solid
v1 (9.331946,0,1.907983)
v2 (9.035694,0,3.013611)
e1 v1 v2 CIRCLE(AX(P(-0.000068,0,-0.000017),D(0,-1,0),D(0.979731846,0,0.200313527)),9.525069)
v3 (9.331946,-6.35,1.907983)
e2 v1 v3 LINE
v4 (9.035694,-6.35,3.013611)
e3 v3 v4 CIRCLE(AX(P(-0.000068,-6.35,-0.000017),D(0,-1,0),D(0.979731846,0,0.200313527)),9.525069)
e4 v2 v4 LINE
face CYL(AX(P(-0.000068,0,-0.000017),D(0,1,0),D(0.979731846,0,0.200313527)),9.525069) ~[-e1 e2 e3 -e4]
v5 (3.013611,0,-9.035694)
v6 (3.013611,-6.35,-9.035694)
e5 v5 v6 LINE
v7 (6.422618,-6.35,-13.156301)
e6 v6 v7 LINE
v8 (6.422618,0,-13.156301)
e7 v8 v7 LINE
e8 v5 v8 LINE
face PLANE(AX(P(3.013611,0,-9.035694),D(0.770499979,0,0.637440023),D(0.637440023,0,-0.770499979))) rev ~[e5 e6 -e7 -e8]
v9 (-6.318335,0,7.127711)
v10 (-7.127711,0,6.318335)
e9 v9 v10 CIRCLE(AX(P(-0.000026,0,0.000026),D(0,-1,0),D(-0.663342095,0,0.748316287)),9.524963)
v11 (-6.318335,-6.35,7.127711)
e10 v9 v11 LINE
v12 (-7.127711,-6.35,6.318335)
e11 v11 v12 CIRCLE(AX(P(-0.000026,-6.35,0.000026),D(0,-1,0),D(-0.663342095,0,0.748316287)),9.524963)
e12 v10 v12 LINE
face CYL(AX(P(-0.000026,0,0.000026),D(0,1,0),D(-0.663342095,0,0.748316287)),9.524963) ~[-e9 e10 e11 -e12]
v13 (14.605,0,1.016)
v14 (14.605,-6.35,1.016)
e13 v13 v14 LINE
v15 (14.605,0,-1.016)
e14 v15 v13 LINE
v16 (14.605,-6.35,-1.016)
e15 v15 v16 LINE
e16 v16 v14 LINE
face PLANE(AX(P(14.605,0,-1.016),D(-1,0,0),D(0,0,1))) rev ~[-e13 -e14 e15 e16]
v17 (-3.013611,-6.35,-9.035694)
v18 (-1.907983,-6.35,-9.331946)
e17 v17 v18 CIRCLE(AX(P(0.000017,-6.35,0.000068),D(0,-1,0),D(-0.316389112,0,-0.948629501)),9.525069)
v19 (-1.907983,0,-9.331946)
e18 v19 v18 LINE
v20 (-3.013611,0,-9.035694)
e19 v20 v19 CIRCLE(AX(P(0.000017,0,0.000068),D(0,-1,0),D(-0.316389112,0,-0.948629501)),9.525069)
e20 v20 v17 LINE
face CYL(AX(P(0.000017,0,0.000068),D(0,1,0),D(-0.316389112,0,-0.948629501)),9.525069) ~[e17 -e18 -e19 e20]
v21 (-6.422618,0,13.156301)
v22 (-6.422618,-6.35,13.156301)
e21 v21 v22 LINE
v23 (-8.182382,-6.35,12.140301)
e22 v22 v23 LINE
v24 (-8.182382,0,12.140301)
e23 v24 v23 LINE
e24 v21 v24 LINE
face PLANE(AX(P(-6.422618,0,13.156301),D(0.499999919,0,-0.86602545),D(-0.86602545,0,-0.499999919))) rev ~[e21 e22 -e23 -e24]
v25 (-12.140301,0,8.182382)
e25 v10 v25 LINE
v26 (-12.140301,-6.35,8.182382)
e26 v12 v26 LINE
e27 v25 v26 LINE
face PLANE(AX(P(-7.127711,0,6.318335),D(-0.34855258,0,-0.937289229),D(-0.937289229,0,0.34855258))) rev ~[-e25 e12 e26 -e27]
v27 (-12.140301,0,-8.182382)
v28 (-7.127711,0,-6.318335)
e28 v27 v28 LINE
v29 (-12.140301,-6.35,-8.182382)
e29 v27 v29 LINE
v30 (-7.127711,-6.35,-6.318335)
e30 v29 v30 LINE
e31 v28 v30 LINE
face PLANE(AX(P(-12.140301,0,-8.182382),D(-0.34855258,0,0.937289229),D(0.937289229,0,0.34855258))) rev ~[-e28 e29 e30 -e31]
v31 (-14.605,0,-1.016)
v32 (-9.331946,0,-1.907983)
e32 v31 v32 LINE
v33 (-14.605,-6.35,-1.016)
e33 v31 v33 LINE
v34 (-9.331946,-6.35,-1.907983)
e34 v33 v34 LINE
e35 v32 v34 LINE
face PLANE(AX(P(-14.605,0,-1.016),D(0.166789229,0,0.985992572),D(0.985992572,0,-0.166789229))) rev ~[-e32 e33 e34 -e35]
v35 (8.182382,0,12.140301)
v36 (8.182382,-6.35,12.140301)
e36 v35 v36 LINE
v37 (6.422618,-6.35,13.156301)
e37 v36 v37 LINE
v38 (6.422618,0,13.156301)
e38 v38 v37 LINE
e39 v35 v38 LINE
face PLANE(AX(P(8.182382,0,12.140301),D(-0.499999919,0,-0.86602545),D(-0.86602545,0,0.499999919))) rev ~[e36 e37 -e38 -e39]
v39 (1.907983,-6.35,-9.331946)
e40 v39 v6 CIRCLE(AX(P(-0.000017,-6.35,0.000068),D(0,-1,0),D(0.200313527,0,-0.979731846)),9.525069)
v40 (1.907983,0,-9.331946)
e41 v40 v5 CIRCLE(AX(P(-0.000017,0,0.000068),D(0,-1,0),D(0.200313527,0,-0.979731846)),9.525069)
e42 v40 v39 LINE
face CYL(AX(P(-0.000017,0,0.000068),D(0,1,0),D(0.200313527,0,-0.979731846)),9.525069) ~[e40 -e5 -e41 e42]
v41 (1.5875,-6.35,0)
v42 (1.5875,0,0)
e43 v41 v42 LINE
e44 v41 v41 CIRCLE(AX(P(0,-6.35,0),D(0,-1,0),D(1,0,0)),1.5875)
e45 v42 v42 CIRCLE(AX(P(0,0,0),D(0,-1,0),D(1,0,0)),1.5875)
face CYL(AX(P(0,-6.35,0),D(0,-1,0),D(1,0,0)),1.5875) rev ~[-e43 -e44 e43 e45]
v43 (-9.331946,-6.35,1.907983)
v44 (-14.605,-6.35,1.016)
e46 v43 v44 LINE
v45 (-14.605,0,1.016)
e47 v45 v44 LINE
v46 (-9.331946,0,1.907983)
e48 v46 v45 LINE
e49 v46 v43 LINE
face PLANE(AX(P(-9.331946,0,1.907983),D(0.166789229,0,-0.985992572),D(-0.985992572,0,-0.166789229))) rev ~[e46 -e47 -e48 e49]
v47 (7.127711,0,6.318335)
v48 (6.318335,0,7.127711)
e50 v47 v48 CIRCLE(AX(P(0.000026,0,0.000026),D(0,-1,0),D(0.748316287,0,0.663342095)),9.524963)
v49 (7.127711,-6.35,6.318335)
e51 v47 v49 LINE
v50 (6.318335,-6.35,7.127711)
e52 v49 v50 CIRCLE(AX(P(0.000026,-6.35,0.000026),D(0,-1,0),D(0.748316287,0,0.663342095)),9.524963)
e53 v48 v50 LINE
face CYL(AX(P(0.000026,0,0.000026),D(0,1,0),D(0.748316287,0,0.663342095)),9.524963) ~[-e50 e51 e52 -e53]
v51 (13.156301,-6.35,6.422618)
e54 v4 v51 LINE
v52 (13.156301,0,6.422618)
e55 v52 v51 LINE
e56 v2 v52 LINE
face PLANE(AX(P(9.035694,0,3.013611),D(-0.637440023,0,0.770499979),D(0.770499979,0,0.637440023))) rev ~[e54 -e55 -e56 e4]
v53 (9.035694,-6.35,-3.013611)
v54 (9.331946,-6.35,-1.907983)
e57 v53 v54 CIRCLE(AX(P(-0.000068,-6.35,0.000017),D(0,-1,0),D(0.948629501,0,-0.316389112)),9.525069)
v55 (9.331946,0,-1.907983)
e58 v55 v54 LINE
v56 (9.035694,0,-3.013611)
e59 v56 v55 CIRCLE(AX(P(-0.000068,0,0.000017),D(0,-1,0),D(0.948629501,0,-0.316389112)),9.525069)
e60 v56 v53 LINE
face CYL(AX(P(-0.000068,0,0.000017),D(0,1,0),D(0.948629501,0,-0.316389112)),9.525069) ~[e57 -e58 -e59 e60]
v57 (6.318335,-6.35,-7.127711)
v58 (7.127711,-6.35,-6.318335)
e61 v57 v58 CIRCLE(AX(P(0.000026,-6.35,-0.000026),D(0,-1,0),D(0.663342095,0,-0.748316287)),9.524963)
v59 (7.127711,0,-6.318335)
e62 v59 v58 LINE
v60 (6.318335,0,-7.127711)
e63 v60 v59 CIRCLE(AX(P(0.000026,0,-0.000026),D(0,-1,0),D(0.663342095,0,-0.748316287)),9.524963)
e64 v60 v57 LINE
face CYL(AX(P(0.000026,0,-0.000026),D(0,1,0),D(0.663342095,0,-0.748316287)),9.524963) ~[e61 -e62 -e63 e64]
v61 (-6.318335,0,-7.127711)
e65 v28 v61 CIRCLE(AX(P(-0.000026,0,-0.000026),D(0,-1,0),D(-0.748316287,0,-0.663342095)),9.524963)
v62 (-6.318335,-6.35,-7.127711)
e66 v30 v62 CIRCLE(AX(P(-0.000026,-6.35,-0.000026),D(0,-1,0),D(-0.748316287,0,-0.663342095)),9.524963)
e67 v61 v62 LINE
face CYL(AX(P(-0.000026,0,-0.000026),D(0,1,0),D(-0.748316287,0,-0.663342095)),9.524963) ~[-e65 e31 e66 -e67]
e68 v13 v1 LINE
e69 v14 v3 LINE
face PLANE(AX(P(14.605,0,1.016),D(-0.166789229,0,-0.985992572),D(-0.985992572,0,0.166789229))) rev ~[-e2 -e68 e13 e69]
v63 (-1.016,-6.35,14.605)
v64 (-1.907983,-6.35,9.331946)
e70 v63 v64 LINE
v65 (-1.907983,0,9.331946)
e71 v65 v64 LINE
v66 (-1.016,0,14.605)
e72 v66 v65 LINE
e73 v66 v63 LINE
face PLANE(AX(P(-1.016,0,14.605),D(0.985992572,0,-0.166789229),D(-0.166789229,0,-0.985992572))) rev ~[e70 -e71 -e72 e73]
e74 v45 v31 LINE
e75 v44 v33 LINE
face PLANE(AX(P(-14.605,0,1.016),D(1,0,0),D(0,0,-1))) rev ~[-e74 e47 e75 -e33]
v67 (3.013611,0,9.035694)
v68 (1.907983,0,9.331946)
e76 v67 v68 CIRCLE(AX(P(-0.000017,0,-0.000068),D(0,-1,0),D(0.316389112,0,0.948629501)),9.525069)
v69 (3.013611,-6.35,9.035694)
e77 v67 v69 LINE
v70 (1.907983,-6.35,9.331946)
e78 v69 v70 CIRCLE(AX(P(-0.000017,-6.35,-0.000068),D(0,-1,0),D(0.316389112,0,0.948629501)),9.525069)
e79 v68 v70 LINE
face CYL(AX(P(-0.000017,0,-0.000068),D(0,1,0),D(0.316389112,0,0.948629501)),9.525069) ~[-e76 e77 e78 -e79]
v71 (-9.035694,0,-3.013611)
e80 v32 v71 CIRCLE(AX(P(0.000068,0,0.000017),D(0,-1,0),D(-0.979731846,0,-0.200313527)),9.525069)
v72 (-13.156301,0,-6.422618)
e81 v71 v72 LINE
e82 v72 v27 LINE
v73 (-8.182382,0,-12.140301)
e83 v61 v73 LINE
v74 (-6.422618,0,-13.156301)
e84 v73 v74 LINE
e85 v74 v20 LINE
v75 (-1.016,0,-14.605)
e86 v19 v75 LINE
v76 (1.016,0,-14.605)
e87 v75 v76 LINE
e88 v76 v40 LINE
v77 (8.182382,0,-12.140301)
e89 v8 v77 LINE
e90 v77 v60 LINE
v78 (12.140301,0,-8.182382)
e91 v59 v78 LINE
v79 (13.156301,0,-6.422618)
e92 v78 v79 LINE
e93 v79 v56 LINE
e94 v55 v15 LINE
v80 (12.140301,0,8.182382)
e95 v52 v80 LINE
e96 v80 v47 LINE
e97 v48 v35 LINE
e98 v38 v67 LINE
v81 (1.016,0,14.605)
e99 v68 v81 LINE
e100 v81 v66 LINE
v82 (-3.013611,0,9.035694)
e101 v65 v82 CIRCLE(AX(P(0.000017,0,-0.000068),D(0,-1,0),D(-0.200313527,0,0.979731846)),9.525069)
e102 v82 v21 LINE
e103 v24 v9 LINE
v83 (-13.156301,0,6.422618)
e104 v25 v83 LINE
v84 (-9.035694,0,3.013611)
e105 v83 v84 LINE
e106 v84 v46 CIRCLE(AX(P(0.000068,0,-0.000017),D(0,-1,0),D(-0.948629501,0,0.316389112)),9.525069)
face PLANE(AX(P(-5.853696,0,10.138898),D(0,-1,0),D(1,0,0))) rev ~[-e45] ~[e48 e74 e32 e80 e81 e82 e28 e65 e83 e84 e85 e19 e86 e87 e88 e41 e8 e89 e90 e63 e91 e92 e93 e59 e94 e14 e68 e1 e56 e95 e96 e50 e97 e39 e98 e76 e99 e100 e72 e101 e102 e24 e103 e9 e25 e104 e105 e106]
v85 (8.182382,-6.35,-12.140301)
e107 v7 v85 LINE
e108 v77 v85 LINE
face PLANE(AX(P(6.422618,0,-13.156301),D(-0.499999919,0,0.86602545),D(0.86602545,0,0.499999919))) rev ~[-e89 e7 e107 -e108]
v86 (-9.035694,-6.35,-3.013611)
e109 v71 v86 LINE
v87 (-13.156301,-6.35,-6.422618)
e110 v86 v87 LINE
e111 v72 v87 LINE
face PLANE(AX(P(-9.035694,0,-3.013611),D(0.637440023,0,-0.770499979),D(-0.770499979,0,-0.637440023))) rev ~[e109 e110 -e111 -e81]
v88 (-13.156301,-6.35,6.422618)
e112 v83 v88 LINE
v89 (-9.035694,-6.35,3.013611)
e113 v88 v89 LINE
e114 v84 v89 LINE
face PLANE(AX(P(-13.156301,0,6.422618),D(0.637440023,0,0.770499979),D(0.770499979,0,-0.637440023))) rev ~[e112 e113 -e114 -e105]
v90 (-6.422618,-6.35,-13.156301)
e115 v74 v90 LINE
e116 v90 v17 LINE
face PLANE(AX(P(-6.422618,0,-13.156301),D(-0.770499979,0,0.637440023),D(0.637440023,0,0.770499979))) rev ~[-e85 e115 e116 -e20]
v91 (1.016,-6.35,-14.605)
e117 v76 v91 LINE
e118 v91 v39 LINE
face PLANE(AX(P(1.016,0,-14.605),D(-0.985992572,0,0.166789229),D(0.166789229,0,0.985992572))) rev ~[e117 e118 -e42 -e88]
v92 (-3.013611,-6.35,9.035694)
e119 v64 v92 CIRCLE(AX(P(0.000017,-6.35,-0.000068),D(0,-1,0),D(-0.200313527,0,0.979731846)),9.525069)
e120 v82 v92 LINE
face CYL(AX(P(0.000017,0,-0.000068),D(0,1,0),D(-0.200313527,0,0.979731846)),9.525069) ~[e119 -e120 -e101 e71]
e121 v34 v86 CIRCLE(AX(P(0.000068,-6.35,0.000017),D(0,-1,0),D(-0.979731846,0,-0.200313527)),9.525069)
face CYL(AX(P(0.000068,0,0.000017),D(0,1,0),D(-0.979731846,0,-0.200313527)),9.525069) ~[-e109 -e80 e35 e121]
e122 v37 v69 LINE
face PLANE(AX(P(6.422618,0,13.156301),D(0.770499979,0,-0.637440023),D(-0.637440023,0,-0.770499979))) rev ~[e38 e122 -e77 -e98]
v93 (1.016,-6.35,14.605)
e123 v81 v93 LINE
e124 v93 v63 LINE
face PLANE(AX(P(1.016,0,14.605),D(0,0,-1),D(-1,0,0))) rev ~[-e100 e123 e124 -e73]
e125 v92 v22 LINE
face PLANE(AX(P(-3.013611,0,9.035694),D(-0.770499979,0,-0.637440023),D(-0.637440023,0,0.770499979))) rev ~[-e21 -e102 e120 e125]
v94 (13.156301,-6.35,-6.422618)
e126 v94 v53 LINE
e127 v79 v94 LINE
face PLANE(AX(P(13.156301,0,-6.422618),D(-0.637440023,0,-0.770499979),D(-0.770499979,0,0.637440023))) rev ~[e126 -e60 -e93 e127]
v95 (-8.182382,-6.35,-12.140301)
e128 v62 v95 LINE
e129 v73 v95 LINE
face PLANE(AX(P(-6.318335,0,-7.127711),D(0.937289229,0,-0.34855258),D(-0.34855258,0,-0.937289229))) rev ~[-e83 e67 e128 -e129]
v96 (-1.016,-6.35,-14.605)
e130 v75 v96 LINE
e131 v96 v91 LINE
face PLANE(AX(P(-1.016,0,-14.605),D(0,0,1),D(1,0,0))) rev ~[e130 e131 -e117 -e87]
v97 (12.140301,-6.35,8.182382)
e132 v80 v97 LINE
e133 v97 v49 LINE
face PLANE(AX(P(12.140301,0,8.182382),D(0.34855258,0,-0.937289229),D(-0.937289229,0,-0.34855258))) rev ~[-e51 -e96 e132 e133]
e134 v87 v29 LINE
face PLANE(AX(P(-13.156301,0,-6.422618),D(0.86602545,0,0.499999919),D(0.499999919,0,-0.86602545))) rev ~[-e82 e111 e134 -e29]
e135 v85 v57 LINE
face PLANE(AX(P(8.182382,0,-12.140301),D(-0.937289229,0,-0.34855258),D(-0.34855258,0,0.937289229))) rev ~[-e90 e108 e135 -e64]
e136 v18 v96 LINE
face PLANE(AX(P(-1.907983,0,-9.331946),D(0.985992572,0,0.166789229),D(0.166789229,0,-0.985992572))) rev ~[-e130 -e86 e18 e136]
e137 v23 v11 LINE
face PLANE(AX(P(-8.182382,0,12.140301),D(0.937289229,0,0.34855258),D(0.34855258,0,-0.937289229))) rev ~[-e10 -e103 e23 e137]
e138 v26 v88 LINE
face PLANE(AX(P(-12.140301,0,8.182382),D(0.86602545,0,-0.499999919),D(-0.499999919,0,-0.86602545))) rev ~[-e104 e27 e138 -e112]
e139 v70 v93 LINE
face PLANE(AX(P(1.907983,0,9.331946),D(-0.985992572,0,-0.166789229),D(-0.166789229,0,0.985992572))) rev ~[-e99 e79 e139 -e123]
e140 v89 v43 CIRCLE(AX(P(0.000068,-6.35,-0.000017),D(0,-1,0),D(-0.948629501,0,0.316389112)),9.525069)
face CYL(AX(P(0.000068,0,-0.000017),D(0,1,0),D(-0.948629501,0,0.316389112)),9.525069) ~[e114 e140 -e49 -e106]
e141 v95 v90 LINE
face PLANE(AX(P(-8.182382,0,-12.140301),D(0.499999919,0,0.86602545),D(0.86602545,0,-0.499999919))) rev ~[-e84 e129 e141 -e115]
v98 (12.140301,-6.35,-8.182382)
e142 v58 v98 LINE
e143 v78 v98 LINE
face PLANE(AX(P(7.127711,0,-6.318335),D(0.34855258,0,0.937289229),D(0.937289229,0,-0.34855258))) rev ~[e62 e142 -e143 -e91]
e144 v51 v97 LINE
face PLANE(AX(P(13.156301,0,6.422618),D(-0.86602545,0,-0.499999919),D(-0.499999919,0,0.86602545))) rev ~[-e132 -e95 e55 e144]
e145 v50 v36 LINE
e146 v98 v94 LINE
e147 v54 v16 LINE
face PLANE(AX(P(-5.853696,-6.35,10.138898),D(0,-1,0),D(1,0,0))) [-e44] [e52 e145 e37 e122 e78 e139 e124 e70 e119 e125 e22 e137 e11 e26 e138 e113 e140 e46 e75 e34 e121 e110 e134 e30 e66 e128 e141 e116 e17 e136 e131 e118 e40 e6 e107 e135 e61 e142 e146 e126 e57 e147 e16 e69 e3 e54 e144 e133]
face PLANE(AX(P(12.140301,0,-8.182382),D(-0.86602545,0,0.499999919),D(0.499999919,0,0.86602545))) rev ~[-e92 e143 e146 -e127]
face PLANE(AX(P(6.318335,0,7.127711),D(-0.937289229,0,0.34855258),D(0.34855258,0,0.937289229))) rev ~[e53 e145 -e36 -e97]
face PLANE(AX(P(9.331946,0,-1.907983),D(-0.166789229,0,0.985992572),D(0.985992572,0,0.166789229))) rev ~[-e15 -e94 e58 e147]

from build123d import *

# Parameters (mm, degrees)
F1_DEPTH = 6.35
F2_R     = 1.5875
F3_DEPTH = 6.35


with BuildPart() as f1:
    # F0 (on Front) → F1 (new body)
    with BuildSketch(Plane.XZ):
        with BuildLine():
            ThreePointArc((-6.318335, 7.127711), (-4.7625, 8.248892), (-3.013611, 9.035694))
            Line((-3.013611, 9.035694), (-6.422618, 13.156301))
            Line((-6.422618, 13.156301), (-7.3025, 12.648301))
            Line((-7.3025, 12.648301), (-8.182382, 12.140301))
            Line((-8.182382, 12.140301), (-6.318335, 7.127711))
        make_face()
        with BuildLine():
            ThreePointArc((-9.035694, 3.013611), (-8.248892, 4.7625), (-7.127711, 6.318335))
            Line((-7.127711, 6.318335), (-12.140301, 8.182382))
            Line((-12.140301, 8.182382), (-12.648301, 7.3025))
            Line((-12.648301, 7.3025), (-13.156301, 6.422618))
            Line((-13.156301, 6.422618), (-9.035694, 3.013611))
        make_face()
        with BuildLine():
            Line((-14.605, -1.016), (-9.331946, -1.907983))
            ThreePointArc((-9.331946, -1.907983), (-9.525, 0), (-9.331946, 1.907983))
            Line((-9.331946, 1.907983), (-14.605, 1.016))
            Line((-14.605, 1.016), (-14.605, 0))
            Line((-14.605, 0), (-14.605, -1.016))
        make_face()
        with BuildLine():
            Line((-6.422618, -13.156301), (-3.013611, -9.035694))
            ThreePointArc((-3.013611, -9.035694), (-4.7625, -8.248892), (-6.318335, -7.127711))
            Line((-6.318335, -7.127711), (-8.182382, -12.140301))
            Line((-8.182382, -12.140301), (-7.3025, -12.648301))
            Line((-7.3025, -12.648301), (-6.422618, -13.156301))
        make_face()
        with BuildLine():
            Line((-12.140301, -8.182382), (-7.127711, -6.318335))
            ThreePointArc((-7.127711, -6.318335), (-8.248892, -4.7625), (-9.035694, -3.013611))
            Line((-9.035694, -3.013611), (-13.156301, -6.422618))
            Line((-13.156301, -6.422618), (-12.648301, -7.3025))
            Line((-12.648301, -7.3025), (-12.140301, -8.182382))
        make_face()
        with BuildLine():
            ThreePointArc((9.331946, -1.907983), (9.476614, -0.958863), (9.525, 0))
            ThreePointArc((9.525, 0), (9.476614, 0.958863), (9.331946, 1.907983))
            ThreePointArc((9.331946, 1.907983), (9.200443, 2.465251), (9.035694, 3.013611))
            ThreePointArc((9.035694, 3.013611), (8.248892, 4.7625), (7.127711, 6.318335))
            ThreePointArc((7.127711, 6.318335), (6.735192, 6.735192), (6.318335, 7.127711))
            ThreePointArc((6.318335, 7.127711), (4.7625, 8.248892), (3.013611, 9.035694))
            ThreePointArc((3.013611, 9.035694), (2.465251, 9.200443), (1.907983, 9.331946))
            ThreePointArc((1.907983, 9.331946), (0.958863, 9.476614), (0, 9.525))
            ThreePointArc((0, 9.525), (-0.958863, 9.476614), (-1.907983, 9.331946))
            ThreePointArc((-1.907983, 9.331946), (-2.465251, 9.200443), (-3.013611, 9.035694))
            ThreePointArc((-3.013611, 9.035694), (-4.7625, 8.248892), (-6.318335, 7.127711))
            ThreePointArc((-6.318335, 7.127711), (-6.735192, 6.735192), (-7.127711, 6.318335))
            ThreePointArc((-7.127711, 6.318335), (-8.248892, 4.7625), (-9.035694, 3.013611))
            ThreePointArc((-9.035694, 3.013611), (-9.200443, 2.465251), (-9.331946, 1.907983))
            ThreePointArc((-9.331946, 1.907983), (-9.525, 0), (-9.331946, -1.907983))
            ThreePointArc((-9.331946, -1.907983), (-9.200443, -2.465251), (-9.035694, -3.013611))
            ThreePointArc((-9.035694, -3.013611), (-8.248892, -4.7625), (-7.127711, -6.318335))
            ThreePointArc((-7.127711, -6.318335), (-6.735192, -6.735192), (-6.318335, -7.127711))
            ThreePointArc((-6.318335, -7.127711), (-4.7625, -8.248892), (-3.013611, -9.035694))
            ThreePointArc((-3.013611, -9.035694), (-2.465251, -9.200443), (-1.907983, -9.331946))
            ThreePointArc((-1.907983, -9.331946), (0, -9.525), (1.907983, -9.331946))
            ThreePointArc((1.907983, -9.331946), (2.465251, -9.200443), (3.013611, -9.035694))
            ThreePointArc((3.013611, -9.035694), (4.7625, -8.248892), (6.318335, -7.127711))
            ThreePointArc((6.318335, -7.127711), (6.735192, -6.735192), (7.127711, -6.318335))
            ThreePointArc((7.127711, -6.318335), (8.248892, -4.7625), (9.035694, -3.013611))
            ThreePointArc((9.035694, -3.013611), (9.200443, -2.465251), (9.331946, -1.907983))
        make_face()
        with BuildLine():
            Line((1.016, -14.605), (1.907983, -9.331946))
            ThreePointArc((1.907983, -9.331946), (0, -9.525), (-1.907983, -9.331946))
            Line((-1.907983, -9.331946), (-1.016, -14.605))
            Line((-1.016, -14.605), (0, -14.605))
            Line((0, -14.605), (1.016, -14.605))
        make_face()
        with BuildLine():
            Line((8.182382, -12.140301), (6.318335, -7.127711))
            ThreePointArc((6.318335, -7.127711), (4.7625, -8.248892), (3.013611, -9.035694))
            Line((3.013611, -9.035694), (6.422618, -13.156301))
            Line((6.422618, -13.156301), (7.3025, -12.648301))
            Line((7.3025, -12.648301), (8.182382, -12.140301))
        make_face()
        with BuildLine():
            Line((13.156301, -6.422618), (9.035694, -3.013611))
            ThreePointArc((9.035694, -3.013611), (8.248892, -4.7625), (7.127711, -6.318335))
            Line((7.127711, -6.318335), (12.140301, -8.182382))
            Line((12.140301, -8.182382), (12.648301, -7.3025))
            Line((12.648301, -7.3025), (13.156301, -6.422618))
        make_face()
        with BuildLine():
            ThreePointArc((9.331946, 1.907983), (9.476614, 0.958863), (9.525, 0))
            ThreePointArc((9.525, 0), (9.476614, -0.958863), (9.331946, -1.907983))
            Line((9.331946, -1.907983), (14.605, -1.016))
            Line((14.605, -1.016), (14.605, 0))
            Line((14.605, 0), (14.605, 1.016))
            Line((14.605, 1.016), (9.331946, 1.907983))
        make_face()
        with BuildLine():
            ThreePointArc((7.127711, 6.318335), (8.248892, 4.7625), (9.035694, 3.013611))
            Line((9.035694, 3.013611), (13.156301, 6.422618))
            Line((13.156301, 6.422618), (12.648301, 7.3025))
            Line((12.648301, 7.3025), (12.140301, 8.182382))
            Line((12.140301, 8.182382), (7.127711, 6.318335))
        make_face()
        with BuildLine():
            ThreePointArc((3.013611, 9.035694), (4.7625, 8.248892), (6.318335, 7.127711))
            Line((6.318335, 7.127711), (8.182382, 12.140301))
            Line((8.182382, 12.140301), (7.3025, 12.648301))
            Line((7.3025, 12.648301), (6.422618, 13.156301))
            Line((6.422618, 13.156301), (3.013611, 9.035694))
        make_face()
        with BuildLine():
            ThreePointArc((-1.907983, 9.331946), (-0.958863, 9.476614), (0, 9.525))
            Line((0, 9.525), (0, 14.605))
            Line((0, 14.605), (-1.016, 14.605))
            Line((-1.016, 14.605), (-1.907983, 9.331946))
        make_face()
        with BuildLine():
            ThreePointArc((0, 9.525), (0.958863, 9.476614), (1.907983, 9.331946))
            Line((1.907983, 9.331946), (1.016, 14.605))
            Line((1.016, 14.605), (0, 14.605))
            Line((0, 14.605), (0, 9.525))
        make_face()
    extrude(amount=F1_DEPTH)

    # F2 (on face) → F3 (cut)
    with BuildSketch(Plane.XZ.offset(6.35)):
        Circle(F2_R)
    extrude(amount=-F3_DEPTH, mode=Mode.SUBTRACT)


solid = f1.part
